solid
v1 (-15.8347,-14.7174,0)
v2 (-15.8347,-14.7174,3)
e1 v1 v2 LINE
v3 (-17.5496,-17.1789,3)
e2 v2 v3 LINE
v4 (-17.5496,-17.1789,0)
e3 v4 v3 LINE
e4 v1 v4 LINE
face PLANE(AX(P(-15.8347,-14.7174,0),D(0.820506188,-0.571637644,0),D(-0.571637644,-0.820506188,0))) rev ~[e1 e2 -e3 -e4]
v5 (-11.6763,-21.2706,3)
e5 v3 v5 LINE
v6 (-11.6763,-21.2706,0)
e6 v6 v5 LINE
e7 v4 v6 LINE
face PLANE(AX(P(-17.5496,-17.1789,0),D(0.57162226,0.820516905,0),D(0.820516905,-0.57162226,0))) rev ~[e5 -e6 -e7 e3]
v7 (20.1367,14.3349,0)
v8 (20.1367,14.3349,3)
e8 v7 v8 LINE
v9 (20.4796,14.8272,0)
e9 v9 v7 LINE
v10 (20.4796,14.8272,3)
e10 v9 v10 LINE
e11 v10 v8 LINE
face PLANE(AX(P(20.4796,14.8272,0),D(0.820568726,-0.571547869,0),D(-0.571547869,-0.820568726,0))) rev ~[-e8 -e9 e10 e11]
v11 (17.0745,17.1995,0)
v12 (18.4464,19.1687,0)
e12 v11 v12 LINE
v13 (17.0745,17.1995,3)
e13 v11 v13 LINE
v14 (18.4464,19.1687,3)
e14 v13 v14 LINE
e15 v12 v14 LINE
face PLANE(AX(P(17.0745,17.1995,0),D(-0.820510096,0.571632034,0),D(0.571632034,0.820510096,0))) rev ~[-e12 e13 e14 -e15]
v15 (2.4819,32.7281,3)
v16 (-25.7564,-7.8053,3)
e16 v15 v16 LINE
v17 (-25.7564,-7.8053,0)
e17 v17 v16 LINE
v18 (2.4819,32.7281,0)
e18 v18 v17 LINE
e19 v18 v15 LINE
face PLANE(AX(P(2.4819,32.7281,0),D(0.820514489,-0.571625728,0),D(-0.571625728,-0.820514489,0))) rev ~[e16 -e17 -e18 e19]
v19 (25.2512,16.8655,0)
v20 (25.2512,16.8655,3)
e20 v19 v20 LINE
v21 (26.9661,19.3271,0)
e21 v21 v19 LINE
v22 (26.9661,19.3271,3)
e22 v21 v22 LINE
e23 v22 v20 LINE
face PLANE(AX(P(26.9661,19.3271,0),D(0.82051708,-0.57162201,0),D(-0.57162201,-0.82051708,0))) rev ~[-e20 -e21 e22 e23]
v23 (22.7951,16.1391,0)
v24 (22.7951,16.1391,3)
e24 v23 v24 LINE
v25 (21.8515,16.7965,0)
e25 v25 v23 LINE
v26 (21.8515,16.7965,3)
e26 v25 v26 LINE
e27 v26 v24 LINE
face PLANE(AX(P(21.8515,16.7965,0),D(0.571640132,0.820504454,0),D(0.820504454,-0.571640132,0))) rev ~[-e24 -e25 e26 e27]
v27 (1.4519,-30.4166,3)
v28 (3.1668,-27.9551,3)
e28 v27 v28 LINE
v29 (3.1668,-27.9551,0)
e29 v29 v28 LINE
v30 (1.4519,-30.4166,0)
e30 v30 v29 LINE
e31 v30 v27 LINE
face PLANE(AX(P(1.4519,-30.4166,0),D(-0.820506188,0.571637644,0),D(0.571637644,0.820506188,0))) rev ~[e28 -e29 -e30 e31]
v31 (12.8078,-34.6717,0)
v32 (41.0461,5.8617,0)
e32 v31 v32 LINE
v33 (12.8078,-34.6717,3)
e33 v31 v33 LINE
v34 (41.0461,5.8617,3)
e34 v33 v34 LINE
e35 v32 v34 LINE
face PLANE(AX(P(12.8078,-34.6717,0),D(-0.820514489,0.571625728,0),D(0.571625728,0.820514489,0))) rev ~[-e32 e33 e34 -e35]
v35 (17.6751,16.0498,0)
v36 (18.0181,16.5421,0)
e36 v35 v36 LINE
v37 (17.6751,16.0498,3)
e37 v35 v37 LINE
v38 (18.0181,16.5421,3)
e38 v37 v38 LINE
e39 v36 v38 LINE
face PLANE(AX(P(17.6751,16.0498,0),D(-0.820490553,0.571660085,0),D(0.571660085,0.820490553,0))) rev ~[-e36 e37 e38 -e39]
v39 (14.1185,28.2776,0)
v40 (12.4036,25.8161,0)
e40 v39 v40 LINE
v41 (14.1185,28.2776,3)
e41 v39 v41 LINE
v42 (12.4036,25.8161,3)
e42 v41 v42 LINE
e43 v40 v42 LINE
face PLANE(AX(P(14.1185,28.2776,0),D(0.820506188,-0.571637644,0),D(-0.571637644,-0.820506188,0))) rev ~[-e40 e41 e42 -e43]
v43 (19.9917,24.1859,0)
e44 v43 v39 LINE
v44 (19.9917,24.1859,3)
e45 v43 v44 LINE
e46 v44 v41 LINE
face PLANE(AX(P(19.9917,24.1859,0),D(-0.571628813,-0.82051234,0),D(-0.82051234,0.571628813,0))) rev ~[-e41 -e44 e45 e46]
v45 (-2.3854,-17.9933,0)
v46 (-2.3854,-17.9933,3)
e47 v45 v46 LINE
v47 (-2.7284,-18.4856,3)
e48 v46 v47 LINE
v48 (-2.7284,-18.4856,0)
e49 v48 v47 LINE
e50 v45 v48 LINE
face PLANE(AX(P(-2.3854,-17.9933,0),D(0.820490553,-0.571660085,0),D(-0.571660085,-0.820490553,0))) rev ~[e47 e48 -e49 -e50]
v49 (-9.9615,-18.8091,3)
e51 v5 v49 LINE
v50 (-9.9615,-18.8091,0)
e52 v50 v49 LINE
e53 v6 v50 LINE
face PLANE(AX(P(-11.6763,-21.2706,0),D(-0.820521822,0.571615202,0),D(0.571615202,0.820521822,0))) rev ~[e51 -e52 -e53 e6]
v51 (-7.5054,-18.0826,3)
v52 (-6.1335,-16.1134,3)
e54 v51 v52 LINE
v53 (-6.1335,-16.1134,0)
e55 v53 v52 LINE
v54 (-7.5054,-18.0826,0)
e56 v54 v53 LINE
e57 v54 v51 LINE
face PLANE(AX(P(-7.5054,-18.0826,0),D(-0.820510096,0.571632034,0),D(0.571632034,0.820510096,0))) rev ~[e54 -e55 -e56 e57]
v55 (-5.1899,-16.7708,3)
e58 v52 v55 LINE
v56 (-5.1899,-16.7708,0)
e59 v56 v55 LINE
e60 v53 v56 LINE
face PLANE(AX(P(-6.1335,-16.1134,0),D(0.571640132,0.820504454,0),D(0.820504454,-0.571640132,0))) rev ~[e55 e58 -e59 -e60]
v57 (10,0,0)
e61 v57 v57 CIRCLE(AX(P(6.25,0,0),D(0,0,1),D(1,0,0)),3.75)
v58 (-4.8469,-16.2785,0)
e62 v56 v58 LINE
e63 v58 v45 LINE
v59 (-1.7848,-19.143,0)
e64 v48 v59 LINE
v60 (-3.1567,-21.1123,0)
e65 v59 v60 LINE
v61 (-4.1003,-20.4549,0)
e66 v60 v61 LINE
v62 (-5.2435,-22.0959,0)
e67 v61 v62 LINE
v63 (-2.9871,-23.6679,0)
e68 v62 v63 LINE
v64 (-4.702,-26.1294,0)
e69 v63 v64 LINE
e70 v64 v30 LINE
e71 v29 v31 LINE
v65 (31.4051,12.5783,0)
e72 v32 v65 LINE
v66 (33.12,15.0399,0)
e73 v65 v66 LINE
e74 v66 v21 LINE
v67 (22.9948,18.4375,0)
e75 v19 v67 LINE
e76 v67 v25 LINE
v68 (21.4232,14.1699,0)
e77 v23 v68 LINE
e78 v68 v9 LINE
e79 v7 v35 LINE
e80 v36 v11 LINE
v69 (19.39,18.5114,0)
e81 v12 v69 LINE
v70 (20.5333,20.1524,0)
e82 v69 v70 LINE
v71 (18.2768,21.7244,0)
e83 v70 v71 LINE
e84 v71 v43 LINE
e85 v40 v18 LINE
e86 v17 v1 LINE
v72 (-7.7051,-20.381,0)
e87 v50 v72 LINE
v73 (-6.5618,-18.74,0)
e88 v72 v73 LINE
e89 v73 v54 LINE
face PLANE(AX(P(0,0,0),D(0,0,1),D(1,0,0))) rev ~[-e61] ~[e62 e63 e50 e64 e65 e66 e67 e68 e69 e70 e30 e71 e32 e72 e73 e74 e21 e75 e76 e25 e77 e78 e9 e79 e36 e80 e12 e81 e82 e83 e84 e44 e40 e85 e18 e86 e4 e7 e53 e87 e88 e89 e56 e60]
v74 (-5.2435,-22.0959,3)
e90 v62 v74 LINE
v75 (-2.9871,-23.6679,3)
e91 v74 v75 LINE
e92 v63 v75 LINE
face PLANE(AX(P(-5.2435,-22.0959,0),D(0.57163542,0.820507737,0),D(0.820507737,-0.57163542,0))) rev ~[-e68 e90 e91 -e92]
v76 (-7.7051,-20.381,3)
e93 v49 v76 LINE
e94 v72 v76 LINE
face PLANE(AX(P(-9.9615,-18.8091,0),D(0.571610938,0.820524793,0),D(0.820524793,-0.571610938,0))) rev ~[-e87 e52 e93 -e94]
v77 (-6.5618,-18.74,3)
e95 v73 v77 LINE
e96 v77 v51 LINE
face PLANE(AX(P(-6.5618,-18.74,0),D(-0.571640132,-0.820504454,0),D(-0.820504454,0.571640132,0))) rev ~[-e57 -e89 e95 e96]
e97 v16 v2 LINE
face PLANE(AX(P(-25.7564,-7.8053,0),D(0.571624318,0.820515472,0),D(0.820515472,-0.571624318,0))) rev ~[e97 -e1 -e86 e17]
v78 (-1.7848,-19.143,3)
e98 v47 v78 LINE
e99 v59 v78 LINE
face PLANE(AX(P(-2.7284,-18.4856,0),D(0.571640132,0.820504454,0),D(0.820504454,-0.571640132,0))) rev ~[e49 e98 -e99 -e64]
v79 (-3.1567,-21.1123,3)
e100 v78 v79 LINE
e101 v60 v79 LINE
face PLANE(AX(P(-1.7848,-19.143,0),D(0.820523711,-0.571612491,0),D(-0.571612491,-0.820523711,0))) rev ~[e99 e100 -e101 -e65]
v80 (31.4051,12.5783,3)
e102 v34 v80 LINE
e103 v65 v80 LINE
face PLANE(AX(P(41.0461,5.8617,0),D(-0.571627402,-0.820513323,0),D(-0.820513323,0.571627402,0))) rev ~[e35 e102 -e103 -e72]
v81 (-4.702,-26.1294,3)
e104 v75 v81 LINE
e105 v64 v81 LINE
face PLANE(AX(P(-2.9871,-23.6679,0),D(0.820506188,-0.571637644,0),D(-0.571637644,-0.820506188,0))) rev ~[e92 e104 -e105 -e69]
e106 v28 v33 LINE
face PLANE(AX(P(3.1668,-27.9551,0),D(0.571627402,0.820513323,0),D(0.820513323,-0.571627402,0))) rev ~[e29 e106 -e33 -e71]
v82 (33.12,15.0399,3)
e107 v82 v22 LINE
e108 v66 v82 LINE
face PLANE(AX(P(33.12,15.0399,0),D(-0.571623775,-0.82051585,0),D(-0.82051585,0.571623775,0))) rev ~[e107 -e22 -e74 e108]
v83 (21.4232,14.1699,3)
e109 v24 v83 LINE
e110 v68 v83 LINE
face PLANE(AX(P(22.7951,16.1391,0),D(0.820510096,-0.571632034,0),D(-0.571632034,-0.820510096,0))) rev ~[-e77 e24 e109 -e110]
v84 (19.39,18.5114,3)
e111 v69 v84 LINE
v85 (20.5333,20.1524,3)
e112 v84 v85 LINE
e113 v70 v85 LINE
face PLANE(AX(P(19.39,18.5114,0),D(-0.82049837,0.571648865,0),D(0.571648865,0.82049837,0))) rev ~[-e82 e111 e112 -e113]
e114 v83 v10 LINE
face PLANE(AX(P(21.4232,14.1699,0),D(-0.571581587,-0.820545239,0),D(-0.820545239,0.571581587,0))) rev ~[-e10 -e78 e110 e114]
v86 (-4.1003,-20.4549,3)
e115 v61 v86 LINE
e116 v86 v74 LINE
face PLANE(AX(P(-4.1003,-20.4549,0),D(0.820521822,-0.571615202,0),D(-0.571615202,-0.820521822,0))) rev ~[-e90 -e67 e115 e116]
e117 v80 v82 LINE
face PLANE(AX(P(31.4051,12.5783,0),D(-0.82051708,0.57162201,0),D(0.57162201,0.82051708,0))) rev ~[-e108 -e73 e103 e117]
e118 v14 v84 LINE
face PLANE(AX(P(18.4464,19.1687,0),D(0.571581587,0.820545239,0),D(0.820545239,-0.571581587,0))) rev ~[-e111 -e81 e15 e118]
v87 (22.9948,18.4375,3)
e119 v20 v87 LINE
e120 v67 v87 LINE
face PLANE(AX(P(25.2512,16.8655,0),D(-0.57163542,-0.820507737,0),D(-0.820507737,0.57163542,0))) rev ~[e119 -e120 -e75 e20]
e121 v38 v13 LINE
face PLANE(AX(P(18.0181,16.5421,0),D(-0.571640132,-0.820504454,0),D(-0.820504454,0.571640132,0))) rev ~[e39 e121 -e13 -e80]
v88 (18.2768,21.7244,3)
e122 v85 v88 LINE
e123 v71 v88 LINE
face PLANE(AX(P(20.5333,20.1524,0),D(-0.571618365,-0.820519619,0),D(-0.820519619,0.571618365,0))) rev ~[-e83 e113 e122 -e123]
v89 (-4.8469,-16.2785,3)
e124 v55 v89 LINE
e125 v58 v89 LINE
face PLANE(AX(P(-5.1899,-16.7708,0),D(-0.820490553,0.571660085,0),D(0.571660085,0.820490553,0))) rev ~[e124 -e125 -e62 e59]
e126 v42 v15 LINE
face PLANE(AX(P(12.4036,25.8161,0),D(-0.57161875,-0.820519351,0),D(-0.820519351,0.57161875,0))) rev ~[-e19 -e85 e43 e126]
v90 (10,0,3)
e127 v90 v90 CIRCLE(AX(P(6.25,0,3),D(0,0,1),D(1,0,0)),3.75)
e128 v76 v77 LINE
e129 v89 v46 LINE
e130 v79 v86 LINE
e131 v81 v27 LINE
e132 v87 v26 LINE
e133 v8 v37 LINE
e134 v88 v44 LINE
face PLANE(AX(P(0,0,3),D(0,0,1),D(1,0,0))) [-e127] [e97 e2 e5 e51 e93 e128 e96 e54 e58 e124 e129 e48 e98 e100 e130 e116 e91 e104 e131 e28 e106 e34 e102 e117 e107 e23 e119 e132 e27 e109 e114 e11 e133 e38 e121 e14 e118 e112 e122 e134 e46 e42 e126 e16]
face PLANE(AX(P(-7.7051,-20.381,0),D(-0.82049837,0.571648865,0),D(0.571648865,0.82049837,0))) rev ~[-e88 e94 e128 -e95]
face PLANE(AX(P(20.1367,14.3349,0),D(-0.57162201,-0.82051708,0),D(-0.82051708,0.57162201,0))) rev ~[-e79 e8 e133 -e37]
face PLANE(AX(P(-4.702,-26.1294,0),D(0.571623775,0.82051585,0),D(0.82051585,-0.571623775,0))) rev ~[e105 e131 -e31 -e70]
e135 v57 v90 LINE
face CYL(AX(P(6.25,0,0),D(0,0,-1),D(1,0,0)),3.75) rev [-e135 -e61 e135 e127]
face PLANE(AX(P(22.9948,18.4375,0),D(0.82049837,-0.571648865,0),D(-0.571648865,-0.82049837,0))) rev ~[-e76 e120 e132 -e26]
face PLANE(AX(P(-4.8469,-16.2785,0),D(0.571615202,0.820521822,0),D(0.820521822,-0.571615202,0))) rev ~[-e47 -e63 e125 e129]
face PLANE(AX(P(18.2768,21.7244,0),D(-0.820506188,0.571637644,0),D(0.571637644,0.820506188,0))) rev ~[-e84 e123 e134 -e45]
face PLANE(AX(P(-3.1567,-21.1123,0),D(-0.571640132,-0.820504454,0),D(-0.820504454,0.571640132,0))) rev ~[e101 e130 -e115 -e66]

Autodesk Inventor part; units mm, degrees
ref_plane "YZ Plane" through (0, 0, 0) normal (1, 0, 0) x (0, 1, 0)
ref_plane "XZ Plane" through (0, 0, 0) normal (0, 1, 0) x (-1, 0, 0)
ref_plane "XY Plane" through (0, 0, 0) normal (0, 0, 1) x (1, 0, 0)
sketch "Sketch1" plane through (0, 0, 0) normal (0, 0, 1) x (1, 0, 0)
  circle A0 centre (6.25, 0) radius 10.15 construction
  line L0 (-4.702, -26.1294) -> (1.4519, -30.4166) projected
  line L1 (1.4519, -30.4166) -> (3.1668, -27.9551) projected
  circle A1 centre (6.25, 0) radius 3.75 projected
  line L2 (-17.5496, -17.1789) -> (-11.6763, -21.2706) projected
  line L3 (-11.6763, -21.2706) -> (-9.9615, -18.8091) projected
  line L4 (-9.9615, -18.8091) -> (-7.7051, -20.381) projected
  line L5 (-7.7051, -20.381) -> (-6.5618, -18.74) projected
  line L6 (-6.5618, -18.74) -> (-7.5054, -18.0826) projected
  line L7 (-7.5054, -18.0826) -> (-6.1335, -16.1134) projected
  line L8 (-6.1335, -16.1134) -> (-5.1899, -16.7708) projected
  line L9 (-5.1899, -16.7708) -> (-4.8469, -16.2785) projected
  line L10 (-4.8469, -16.2785) -> (-2.3854, -17.9933) projected
  line L11 (-2.3854, -17.9933) -> (-2.7284, -18.4856) projected
  line L12 (-2.7284, -18.4856) -> (-1.7848, -19.143) projected
  line L13 (-1.7848, -19.143) -> (-3.1567, -21.1123) projected
  line L14 (-3.1567, -21.1123) -> (-4.1003, -20.4549) projected
  line L15 (-4.1003, -20.4549) -> (-5.2435, -22.0959) projected
  line L16 (-5.2435, -22.0959) -> (-2.9871, -23.6679) projected
  line L17 (-2.9871, -23.6679) -> (-4.702, -26.1294) projected
  line L18 (3.1668, -27.9551) -> (12.8078, -34.6717) projected
  line L19 (12.8078, -34.6717) -> (41.0461, 5.8617) projected
  line L20 (41.0461, 5.8617) -> (31.4051, 12.5783) projected
  line L21 (31.4051, 12.5783) -> (33.12, 15.0399) projected
  line L22 (33.12, 15.0399) -> (26.9661, 19.3271) projected
  line L23 (26.9661, 19.3271) -> (25.2512, 16.8655) projected
  line L24 (25.2512, 16.8655) -> (22.9948, 18.4375) projected
  line L25 (22.9948, 18.4375) -> (21.8515, 16.7965) projected
  line L26 (21.8515, 16.7965) -> (22.7951, 16.1391) projected
  line L27 (22.7951, 16.1391) -> (21.4232, 14.1699) projected
  line L28 (21.4232, 14.1699) -> (20.4796, 14.8272) projected
  line L29 (20.4796, 14.8272) -> (20.1367, 14.3349) projected
  line L30 (20.1367, 14.3349) -> (17.6751, 16.0498) projected
  line L31 (17.6751, 16.0498) -> (18.0181, 16.5421) projected
  line L32 (18.0181, 16.5421) -> (17.0745, 17.1995) projected
  line L33 (17.0745, 17.1995) -> (18.4464, 19.1687) projected
  line L34 (18.4464, 19.1687) -> (19.39, 18.5114) projected
  line L35 (19.39, 18.5114) -> (20.5333, 20.1524) projected
  line L36 (20.5333, 20.1524) -> (18.2768, 21.7244) projected
  line L37 (18.2768, 21.7244) -> (19.9917, 24.1859) projected
  line L38 (19.9917, 24.1859) -> (14.1185, 28.2776) projected
  line L39 (14.1185, 28.2776) -> (12.4036, 25.8161) projected
  line L40 (12.4036, 25.8161) -> (2.4819, 32.7281) projected
  line L41 (2.4819, 32.7281) -> (-25.7564, -7.8053) projected
  line L42 (-25.7564, -7.8053) -> (-15.8347, -14.7174) projected
  line L43 (-15.8347, -14.7174) -> (-17.5496, -17.1789) projected
  point P0 (0, 0)
extrude "Extrusion1" add sketch "Sketch1" along normal blind 3
